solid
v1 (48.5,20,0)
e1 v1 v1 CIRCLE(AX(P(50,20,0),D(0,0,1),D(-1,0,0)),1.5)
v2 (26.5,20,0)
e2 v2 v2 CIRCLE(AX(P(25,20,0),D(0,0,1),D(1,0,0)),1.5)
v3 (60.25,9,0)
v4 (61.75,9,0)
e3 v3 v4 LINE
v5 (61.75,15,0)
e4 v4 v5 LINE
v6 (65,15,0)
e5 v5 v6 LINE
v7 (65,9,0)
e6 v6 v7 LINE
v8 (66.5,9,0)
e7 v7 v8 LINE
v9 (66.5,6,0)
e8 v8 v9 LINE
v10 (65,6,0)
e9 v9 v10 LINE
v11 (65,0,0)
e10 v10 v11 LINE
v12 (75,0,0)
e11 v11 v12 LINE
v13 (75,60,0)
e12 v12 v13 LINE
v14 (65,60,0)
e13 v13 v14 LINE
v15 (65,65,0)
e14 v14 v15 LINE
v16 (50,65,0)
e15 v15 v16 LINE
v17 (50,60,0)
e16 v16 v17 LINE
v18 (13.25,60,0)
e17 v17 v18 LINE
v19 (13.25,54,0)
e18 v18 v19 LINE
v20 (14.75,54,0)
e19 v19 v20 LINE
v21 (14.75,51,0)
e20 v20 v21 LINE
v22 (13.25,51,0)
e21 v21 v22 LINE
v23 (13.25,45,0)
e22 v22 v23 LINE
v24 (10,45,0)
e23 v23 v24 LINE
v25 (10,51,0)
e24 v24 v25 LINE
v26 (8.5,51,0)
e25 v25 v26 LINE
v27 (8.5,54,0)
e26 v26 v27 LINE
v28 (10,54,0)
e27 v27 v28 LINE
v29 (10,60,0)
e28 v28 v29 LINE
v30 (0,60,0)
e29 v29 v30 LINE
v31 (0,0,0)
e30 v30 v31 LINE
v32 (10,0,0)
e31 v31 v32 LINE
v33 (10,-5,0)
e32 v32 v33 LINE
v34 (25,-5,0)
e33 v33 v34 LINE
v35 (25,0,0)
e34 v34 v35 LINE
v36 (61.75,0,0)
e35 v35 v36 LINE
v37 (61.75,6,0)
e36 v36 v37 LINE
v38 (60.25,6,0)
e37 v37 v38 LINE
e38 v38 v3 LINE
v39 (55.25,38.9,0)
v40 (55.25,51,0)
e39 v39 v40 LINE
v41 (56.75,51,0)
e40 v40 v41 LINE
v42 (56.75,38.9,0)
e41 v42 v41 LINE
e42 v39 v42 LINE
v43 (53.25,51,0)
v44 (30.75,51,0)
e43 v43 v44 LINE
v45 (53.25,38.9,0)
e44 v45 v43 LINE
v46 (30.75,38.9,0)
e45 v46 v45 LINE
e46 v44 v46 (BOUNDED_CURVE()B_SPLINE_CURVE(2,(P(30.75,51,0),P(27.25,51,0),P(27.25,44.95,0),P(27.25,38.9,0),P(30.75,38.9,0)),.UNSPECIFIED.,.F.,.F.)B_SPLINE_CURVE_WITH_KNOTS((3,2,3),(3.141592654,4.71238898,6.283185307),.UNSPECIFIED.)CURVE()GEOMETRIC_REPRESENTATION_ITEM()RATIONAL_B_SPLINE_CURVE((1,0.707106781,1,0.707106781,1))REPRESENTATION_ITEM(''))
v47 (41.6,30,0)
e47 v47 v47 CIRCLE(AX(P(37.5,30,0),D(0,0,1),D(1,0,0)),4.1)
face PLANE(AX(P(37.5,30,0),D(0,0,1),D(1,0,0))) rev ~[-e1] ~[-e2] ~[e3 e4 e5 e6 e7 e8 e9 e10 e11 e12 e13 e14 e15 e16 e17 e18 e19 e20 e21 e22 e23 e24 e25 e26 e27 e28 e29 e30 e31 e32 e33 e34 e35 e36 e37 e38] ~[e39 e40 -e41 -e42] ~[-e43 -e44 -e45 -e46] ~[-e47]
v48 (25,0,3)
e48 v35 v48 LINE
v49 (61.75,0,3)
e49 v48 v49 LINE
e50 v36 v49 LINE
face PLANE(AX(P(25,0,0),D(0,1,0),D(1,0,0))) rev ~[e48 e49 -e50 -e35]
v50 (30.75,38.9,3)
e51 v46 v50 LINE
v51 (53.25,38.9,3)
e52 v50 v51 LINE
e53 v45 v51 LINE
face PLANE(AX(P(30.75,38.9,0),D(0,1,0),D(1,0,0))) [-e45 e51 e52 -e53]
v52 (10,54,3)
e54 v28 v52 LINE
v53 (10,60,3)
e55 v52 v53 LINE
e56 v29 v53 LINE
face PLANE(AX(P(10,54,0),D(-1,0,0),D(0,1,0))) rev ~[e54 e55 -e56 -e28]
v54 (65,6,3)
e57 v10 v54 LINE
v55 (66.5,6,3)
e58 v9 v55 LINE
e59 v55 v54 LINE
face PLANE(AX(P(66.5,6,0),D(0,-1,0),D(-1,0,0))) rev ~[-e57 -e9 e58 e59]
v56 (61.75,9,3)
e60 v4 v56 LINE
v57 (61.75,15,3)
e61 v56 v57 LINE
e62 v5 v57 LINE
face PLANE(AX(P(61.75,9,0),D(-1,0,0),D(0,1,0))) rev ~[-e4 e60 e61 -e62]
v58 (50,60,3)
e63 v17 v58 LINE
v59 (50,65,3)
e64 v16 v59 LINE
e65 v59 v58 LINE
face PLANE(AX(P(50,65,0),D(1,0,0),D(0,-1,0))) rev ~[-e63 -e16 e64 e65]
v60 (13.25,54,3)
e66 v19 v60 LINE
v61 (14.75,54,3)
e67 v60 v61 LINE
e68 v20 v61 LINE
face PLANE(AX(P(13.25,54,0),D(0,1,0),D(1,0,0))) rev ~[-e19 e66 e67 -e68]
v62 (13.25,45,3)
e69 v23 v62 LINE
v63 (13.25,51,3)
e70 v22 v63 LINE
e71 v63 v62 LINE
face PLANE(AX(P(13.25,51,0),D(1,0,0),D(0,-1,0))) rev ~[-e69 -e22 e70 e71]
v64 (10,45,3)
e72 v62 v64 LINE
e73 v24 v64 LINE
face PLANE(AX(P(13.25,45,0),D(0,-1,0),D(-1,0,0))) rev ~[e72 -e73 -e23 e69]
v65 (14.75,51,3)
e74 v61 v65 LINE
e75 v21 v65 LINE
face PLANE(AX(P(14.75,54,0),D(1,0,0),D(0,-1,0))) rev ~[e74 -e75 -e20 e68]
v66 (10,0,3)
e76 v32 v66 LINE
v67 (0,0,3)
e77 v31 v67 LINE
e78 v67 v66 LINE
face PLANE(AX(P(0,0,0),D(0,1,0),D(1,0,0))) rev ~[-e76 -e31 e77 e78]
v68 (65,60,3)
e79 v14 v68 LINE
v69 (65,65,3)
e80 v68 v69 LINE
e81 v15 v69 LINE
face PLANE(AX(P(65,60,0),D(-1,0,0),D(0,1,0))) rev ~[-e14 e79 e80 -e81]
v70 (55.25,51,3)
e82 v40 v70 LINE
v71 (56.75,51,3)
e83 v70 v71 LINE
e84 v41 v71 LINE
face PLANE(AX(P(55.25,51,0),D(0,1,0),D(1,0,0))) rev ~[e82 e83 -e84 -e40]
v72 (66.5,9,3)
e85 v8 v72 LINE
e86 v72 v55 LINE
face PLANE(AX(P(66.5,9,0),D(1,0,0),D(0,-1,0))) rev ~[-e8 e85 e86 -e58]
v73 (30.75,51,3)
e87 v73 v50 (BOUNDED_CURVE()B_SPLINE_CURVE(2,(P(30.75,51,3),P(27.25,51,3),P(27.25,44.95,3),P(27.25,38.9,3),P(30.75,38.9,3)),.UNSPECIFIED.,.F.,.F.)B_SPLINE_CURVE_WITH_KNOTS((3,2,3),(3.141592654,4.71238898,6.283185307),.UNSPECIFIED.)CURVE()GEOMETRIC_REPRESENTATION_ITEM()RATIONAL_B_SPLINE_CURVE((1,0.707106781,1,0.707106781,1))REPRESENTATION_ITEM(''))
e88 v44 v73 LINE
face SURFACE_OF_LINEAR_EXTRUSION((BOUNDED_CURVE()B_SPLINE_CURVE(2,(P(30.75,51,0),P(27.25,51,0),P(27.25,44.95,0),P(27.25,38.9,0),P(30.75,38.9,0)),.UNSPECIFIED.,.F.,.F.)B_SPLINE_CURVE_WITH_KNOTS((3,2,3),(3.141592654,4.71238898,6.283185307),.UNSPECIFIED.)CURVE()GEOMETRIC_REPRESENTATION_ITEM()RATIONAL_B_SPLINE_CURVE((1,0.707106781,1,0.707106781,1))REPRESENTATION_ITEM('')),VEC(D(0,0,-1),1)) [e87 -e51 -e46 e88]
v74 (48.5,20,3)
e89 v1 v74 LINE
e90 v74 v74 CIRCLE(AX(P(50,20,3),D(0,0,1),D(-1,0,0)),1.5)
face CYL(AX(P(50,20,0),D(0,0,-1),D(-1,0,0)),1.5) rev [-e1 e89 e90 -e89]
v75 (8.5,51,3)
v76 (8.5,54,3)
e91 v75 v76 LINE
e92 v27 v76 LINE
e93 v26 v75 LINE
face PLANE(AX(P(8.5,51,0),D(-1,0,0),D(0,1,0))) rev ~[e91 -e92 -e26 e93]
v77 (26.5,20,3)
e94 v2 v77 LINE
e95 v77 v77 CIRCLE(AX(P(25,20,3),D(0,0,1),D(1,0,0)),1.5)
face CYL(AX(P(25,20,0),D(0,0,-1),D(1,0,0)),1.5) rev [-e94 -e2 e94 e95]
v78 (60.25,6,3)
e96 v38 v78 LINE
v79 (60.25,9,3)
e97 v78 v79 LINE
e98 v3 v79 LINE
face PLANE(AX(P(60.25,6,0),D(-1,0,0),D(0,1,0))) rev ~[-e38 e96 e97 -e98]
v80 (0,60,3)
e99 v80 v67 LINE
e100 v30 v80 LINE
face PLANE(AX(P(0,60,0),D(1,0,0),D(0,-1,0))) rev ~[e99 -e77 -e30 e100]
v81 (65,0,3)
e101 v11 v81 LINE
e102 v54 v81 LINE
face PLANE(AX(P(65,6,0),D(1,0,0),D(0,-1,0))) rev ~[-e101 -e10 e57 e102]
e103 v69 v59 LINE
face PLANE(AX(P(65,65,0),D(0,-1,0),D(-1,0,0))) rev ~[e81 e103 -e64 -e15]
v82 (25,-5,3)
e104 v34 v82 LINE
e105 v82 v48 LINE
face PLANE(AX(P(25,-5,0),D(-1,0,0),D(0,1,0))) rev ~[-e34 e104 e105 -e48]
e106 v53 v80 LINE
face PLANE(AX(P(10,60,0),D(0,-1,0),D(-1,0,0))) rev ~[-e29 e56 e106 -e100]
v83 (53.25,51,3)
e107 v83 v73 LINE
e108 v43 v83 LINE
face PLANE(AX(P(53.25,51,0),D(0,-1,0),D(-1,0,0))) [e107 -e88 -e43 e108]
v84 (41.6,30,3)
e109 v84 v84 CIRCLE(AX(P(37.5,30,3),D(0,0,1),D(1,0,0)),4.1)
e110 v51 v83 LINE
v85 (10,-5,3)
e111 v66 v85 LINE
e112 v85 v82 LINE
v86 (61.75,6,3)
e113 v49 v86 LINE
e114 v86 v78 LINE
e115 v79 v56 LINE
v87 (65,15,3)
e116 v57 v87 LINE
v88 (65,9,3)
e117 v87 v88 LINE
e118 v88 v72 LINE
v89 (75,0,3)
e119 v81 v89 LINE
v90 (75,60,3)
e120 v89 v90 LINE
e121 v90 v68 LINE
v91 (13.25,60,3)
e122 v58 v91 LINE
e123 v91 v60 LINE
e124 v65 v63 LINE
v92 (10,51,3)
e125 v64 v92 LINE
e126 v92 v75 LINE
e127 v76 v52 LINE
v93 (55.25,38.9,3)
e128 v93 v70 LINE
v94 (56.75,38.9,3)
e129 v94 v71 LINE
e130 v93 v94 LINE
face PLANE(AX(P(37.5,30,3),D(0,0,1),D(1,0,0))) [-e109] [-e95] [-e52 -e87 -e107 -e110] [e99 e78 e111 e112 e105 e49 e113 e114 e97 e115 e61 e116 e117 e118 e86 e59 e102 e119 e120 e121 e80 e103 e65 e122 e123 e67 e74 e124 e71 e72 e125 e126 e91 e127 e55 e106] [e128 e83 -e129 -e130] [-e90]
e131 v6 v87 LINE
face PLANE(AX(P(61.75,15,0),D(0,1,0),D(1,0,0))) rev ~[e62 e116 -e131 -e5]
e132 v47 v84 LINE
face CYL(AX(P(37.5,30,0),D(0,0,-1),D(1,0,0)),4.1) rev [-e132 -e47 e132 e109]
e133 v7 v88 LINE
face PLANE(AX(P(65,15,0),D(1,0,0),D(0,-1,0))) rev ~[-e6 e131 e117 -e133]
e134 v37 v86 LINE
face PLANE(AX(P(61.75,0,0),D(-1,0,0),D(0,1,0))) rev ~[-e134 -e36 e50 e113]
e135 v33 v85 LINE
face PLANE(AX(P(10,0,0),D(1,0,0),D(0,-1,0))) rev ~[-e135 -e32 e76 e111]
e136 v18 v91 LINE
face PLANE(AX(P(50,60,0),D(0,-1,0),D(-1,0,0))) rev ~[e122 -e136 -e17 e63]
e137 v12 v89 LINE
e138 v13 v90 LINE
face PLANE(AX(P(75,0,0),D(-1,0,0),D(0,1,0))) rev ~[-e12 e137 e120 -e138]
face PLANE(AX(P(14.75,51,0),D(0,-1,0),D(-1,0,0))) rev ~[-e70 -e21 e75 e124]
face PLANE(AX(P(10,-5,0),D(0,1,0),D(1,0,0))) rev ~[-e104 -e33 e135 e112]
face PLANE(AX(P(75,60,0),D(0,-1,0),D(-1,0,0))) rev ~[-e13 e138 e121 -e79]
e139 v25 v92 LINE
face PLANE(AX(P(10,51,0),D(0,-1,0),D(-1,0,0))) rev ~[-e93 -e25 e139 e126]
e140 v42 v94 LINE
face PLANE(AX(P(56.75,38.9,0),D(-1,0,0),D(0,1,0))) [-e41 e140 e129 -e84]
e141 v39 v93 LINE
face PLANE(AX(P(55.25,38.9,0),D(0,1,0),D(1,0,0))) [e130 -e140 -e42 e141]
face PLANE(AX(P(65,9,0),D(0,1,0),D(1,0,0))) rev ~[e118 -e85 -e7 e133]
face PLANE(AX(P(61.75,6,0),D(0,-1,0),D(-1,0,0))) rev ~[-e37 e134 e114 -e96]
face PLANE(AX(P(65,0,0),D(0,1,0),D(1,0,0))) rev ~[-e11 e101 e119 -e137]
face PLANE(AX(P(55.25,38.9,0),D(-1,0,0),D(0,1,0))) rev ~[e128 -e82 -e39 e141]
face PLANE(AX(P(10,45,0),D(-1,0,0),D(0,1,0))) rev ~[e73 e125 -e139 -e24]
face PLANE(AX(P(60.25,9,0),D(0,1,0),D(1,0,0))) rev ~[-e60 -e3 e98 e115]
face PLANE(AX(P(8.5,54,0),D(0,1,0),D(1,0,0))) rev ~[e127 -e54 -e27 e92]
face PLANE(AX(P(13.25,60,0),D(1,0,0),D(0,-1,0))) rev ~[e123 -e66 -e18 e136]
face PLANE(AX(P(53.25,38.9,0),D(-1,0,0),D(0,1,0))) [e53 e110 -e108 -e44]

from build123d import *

# Parameters (mm, degrees)
ESQUISSE1_R        = 4.1
ESQUISSE1_R_2      = 1.5
ESQUISSE1_W        = 1.5
ESQUISSE1_H        = 12.1
BOSS_EXTRU_1_DEPTH = 3


with BuildPart() as part:
    # Esquisse1 → Boss.-Extru.1 (new body)
    with BuildSketch(Plane.XY):
        Polygon((0, 0), (10, 0), (10, -5), (25, -5), (25, 0), (61.75, 0), (61.75, 6), (60.25, 6), (60.25, 9), (61.75, 9), (61.75, 15), (65, 15), (65, 9), (66.5, 9), (66.5, 6), (65, 6), (65, 0), (75, 0), (75, 60), (65, 60), (65, 65), (50, 65), (50, 60), (13.25, 60), (13.25, 54), (14.75, 54), (14.75, 51), (13.25, 51), (13.25, 45), (10, 45), (10, 51), (8.5, 51), (8.5, 54), (10, 54), (10, 60), (0, 60), align=None)
        with Locations((37.5, 30)):
            Circle(ESQUISSE1_R, mode=Mode.SUBTRACT)
        with Locations((25, 20)):
            Circle(ESQUISSE1_R_2, mode=Mode.SUBTRACT)
        with Locations(Location((50, 20, 0), (0, 0, 180))):
            Circle(ESQUISSE1_R_2, mode=Mode.SUBTRACT)
        with BuildLine():
            Line((30.75, 38.9), (53.25, 38.9))
            Line((53.25, 38.9), (53.25, 51))
            Line((53.25, 51), (30.75, 51))
            add(Edge.make_bspline(
                [(30.75, 51), (27.25, 51), (27.25, 44.95), (27.25, 38.9), (30.75, 38.9)],
                knots=[3.141592654, 3.141592654, 3.141592654, 4.71238898, 4.71238898, 6.283185307, 6.283185307, 6.283185307], degree=2, weights=[1, 0.707106781, 1, 0.707106781, 1]))
        make_face(mode=Mode.SUBTRACT)
        with Locations((56, 44.95)):
            Rectangle(ESQUISSE1_W, ESQUISSE1_H, mode=Mode.SUBTRACT)
    extrude(amount=BOSS_EXTRU_1_DEPTH)


solid = part.part
